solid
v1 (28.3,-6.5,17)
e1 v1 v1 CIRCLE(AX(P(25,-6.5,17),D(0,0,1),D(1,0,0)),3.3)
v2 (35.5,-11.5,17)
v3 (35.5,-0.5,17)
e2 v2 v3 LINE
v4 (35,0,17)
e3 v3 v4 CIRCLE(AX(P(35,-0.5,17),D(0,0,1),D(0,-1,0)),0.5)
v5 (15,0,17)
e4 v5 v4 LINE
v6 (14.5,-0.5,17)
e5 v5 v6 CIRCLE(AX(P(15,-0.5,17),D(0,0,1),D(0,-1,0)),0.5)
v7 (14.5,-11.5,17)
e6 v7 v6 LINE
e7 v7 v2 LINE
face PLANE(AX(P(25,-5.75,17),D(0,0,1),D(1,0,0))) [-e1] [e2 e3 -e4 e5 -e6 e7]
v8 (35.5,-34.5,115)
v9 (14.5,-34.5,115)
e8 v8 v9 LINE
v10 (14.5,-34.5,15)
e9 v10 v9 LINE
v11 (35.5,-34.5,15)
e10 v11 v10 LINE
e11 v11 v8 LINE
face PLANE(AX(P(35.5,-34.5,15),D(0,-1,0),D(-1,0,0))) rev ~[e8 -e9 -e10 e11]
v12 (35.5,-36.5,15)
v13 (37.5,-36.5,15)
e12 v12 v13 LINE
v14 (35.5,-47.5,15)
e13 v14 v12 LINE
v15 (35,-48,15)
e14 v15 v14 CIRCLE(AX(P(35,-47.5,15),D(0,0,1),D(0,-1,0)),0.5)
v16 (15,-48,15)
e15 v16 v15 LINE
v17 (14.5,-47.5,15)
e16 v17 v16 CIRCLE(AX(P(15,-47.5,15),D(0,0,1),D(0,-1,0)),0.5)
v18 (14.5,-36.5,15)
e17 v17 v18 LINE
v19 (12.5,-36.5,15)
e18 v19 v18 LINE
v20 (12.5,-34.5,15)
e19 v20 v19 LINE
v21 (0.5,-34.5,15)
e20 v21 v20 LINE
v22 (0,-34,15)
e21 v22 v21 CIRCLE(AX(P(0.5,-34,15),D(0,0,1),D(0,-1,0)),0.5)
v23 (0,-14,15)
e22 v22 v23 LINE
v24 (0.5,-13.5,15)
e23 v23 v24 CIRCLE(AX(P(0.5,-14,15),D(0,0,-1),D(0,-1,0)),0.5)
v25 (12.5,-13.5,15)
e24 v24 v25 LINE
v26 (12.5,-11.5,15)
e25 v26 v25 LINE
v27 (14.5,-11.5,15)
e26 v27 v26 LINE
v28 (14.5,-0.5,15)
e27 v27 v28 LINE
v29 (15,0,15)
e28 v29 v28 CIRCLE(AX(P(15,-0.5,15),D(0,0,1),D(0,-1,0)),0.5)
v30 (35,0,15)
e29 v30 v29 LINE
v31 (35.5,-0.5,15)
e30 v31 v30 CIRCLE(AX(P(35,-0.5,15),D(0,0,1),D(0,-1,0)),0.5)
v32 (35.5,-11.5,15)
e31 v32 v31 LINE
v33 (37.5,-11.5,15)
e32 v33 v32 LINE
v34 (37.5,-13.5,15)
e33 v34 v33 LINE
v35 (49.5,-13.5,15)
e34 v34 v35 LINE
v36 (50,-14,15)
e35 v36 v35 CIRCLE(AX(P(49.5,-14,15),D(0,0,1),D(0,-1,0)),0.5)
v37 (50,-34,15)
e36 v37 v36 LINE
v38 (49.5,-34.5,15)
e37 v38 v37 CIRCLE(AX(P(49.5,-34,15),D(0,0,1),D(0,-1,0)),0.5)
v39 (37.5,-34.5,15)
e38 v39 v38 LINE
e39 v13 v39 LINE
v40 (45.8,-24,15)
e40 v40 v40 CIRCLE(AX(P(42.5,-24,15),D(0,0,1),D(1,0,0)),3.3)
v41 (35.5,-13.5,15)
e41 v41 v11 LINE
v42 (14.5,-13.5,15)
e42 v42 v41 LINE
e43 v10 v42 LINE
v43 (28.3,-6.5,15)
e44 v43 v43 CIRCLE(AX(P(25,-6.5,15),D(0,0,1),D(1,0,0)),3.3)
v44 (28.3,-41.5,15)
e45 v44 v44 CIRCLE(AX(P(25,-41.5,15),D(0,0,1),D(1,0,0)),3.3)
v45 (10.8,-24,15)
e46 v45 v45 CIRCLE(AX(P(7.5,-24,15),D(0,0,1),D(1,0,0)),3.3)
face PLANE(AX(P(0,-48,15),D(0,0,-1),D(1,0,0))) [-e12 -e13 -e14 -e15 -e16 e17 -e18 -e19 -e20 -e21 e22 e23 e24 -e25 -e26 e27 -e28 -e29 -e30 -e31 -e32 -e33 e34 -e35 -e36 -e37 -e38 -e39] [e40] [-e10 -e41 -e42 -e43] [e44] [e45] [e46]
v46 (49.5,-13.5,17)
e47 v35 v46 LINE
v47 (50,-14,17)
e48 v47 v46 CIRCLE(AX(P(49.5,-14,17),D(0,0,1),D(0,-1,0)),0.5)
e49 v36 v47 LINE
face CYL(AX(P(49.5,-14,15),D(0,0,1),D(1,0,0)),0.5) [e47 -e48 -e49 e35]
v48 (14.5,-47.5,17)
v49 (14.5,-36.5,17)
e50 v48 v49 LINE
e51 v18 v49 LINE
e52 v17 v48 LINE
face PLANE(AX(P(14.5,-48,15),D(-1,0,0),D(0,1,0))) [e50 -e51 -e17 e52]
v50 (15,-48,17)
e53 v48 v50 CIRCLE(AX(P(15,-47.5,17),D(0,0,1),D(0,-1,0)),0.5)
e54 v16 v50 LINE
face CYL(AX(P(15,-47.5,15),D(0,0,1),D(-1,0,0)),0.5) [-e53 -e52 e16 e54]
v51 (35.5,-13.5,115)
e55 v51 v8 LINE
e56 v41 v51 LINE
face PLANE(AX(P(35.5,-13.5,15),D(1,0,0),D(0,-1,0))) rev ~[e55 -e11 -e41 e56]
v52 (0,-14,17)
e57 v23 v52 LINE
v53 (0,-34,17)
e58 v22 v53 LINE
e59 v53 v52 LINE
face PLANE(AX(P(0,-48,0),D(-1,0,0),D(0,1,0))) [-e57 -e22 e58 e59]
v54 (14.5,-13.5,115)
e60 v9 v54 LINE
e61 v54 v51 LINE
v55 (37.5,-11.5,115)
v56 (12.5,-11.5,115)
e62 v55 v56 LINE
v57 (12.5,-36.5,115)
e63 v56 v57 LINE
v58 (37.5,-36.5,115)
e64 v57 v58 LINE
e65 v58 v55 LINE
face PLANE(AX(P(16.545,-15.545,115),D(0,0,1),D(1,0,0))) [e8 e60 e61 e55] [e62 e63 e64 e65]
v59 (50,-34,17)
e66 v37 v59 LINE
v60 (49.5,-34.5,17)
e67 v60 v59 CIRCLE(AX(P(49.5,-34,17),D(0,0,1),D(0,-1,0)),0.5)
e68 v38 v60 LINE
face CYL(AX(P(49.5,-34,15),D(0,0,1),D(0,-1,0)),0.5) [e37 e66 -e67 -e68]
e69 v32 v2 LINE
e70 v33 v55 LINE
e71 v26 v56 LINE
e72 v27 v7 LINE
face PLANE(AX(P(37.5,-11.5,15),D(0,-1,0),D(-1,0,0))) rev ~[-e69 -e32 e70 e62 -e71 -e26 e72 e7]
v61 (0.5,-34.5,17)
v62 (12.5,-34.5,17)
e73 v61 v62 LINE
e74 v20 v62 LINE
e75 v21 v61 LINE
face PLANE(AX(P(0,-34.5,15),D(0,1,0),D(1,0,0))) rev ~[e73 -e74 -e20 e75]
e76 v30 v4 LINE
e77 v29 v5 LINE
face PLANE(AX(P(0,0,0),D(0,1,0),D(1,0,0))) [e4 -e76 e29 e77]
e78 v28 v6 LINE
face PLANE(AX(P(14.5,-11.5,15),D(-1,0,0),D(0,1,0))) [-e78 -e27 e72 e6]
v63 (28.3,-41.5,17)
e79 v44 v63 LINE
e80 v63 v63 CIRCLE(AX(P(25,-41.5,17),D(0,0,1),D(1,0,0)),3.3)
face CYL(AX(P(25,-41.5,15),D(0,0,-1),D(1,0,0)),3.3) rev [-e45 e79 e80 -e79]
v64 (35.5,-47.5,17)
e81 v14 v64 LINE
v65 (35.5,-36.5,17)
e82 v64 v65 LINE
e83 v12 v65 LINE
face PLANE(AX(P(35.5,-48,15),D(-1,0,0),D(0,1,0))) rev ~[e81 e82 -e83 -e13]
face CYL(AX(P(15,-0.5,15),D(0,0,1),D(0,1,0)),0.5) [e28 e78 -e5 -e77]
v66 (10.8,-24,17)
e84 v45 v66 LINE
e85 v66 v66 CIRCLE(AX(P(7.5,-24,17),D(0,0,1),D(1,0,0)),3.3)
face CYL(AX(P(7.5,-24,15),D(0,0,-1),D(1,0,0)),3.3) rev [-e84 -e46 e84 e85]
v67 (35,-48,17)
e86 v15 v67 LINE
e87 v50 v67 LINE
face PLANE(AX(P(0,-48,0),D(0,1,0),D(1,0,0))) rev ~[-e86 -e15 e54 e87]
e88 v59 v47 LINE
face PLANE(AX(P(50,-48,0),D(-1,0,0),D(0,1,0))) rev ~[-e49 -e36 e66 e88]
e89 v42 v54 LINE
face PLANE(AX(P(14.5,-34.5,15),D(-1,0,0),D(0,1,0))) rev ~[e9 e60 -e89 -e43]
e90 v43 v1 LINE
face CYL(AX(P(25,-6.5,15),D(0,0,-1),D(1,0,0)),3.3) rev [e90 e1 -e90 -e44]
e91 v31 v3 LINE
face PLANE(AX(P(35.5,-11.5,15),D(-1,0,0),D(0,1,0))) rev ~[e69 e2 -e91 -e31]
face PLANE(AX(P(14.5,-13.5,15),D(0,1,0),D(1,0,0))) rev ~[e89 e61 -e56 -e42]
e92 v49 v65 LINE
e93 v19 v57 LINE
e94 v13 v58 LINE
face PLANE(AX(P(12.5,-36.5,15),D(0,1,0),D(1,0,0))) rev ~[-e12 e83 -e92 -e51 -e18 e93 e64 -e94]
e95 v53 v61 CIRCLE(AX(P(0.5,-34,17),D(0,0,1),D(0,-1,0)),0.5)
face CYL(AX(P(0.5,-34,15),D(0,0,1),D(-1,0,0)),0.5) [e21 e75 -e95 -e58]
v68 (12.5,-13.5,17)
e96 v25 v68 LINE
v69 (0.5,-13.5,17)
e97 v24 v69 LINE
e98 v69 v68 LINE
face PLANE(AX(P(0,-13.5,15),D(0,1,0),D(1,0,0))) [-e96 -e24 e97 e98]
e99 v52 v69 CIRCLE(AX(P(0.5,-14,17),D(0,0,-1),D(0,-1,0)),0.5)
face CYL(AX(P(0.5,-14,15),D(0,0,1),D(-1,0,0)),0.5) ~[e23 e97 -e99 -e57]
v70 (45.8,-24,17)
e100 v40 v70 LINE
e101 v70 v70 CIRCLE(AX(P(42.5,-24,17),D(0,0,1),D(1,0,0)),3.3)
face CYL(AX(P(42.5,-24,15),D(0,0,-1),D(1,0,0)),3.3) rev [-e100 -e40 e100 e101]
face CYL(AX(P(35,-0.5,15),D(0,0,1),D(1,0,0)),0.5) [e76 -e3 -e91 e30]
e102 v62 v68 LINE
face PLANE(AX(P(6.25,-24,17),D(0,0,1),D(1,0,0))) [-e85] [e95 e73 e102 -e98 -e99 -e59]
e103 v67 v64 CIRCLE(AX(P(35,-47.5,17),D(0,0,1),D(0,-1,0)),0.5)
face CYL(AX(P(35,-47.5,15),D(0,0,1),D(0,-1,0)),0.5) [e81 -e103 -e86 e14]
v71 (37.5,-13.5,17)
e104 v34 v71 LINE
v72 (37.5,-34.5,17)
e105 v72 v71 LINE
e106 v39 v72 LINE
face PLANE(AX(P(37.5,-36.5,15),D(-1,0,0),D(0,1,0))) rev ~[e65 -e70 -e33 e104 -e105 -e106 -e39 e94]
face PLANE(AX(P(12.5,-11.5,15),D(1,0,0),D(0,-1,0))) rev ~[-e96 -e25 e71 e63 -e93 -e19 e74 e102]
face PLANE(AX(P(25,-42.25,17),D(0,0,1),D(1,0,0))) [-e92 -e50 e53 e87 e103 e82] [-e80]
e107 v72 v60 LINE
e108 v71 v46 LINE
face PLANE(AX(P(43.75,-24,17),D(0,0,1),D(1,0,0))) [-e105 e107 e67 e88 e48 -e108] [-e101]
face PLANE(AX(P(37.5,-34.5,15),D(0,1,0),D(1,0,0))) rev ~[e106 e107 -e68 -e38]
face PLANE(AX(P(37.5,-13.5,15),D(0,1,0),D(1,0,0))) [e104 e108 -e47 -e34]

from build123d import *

# Parameters (mm, degrees)
SKETCH_1_W                  = 50
SKETCH_1_H                  = 48
EXTRUDE_1_DEPTH             = 15
HOLE_WIZARD_M5_1_AT_2_COUNT = 2
HOLE_WIZARD_M5_1_AT_2_PITCH = 35
HOLE_WIZARD_M5_1_AT_3_COUNT = 2
HOLE_WIZARD_M5_1_AT_3_PITCH = 49.497474683
HOLE_WIZARD_M5_1_AT_4_COUNT = 2
HOLE_WIZARD_M5_1_AT_4_PITCH = 35
FILLET_1_R                  = 1
SKETCH_11_W                 = 25
SKETCH_11_H                 = 25
SKETCH_11_W_2               = 21
SKETCH_11_H_2               = 21
EXTRUDE_2_DEPTH             = 100
SKETCH_11_3_W               = 21
SKETCH_11_3_H               = 11.5
SKETCH_11_3_R               = 3.3
SKETCH_11_3_W_2             = 12.5
SKETCH_11_3_H_2             = 21
EXTRUDE_3_DEPTH             = 2
SKETCH_12_W                 = 50
SKETCH_12_H                 = 15
CUT_EXTRUDE_1_DEPTH         = 135.272111773
FILLET_3_R                  = 0.5


with BuildPart() as part:
    # 草图1 → 凸台-拉伸1 (new body)
    with BuildSketch(Plane.XY):
        with Locations((25, -24)):
            Rectangle(SKETCH_1_W, SKETCH_1_H)
    extrude(amount=EXTRUDE_1_DEPTH)

    # 草图4 → M5 六角圆柱头螺钉的柱形沉头孔1 (revolve, cut)
    with BuildSketch(Plane(origin=(7.5, -6.5, 15), x_dir=(0, -1, 0), z_dir=(1, 0, 0))):
        Polygon((0, 0), (0, 15), (2.75, 15), (2.75, 6), (5, 6), (5, 0.025), (5.025, 0), align=None)
    hole_wizard_m5_1 = revolve(axis=Axis((7.5, -6.5, 21.35), (0, 0, -1)), mode=Mode.SUBTRACT)

    # M5 六角圆柱头螺钉的柱形沉头孔1 at 2: M5 六角圆柱头螺钉的柱形沉头孔1 ×2
    with Locations(*[(i * HOLE_WIZARD_M5_1_AT_2_PITCH, 0, 0) for i in range(1, HOLE_WIZARD_M5_1_AT_2_COUNT)]):
        add(hole_wizard_m5_1, mode=Mode.SUBTRACT)

    # M5 六角圆柱头螺钉的柱形沉头孔1 at 3: M5 六角圆柱头螺钉的柱形沉头孔1 ×2
    with Locations(*[Vector(0.7071067811865476, -0.7071067811865476, 0) * (i * HOLE_WIZARD_M5_1_AT_3_PITCH) for i in range(1, HOLE_WIZARD_M5_1_AT_3_COUNT)]):
        add(hole_wizard_m5_1, mode=Mode.SUBTRACT)

    # M5 六角圆柱头螺钉的柱形沉头孔1 at 4: M5 六角圆柱头螺钉的柱形沉头孔1 ×2
    with Locations(*[(0, -i * HOLE_WIZARD_M5_1_AT_4_PITCH, 0) for i in range(1, HOLE_WIZARD_M5_1_AT_4_COUNT)]):
        add(hole_wizard_m5_1, mode=Mode.SUBTRACT)

    # 圆角1
    fillet_1_edges = [part.edges().sort_by_distance(p)[0] for p in [
        (50, -48, 7.5),
        (0, -48, 7.5),
        (0, 0, 7.5),
        (50, 0, 7.5),
    ]]
    fillet(fillet_1_edges, radius=FILLET_1_R)

    # 草图10 → M8 六角圆柱头螺钉的柱形沉头孔1 (revolve, cut)
    with BuildSketch(Plane(origin=(25, -24, 0), x_dir=(0, 1, 0), z_dir=(1, 0, 0))):
        Polygon((0, 0), (0, 15), (4.5, 15), (4.5, 10), (7.5, 10), (7.5, 0.025), (7.525, 0), align=None)
    revolve(axis=Axis((25, -24, -6.35), (0, 0, 1)), mode=Mode.SUBTRACT)

    # 草图11 → 凸台-拉伸2 (add)
    with BuildSketch(Plane.XY.offset(15)):
        with Locations((25, -24)):
            Rectangle(SKETCH_11_W, SKETCH_11_H)
        with Locations((25, -24)):
            Rectangle(SKETCH_11_W_2, SKETCH_11_H_2, mode=Mode.SUBTRACT)
    extrude(amount=EXTRUDE_2_DEPTH)

    # 草图11<3> → 凸台-拉伸3 (add)
    # profile 1 of 4: a face of its own
    with BuildSketch(Plane.XY.offset(15)):
        with Locations((25, -5.75)):
            Rectangle(SKETCH_11_3_W, SKETCH_11_3_H)
        with Locations((25, -6.5)):
            Circle(SKETCH_11_3_R, mode=Mode.SUBTRACT)
    # profile 2 of 4: a face of its own
    with BuildSketch(Plane.XY.offset(15)):
        with Locations((6.25, -24)):
            Rectangle(SKETCH_11_3_W_2, SKETCH_11_3_H_2)
        with Locations((7.5, -24)):
            Circle(SKETCH_11_3_R, mode=Mode.SUBTRACT)
    # profile 3 of 4: a face of its own
    with BuildSketch(Plane.XY.offset(15)):
        with Locations((25, -42.25)):
            Rectangle(SKETCH_11_3_W, SKETCH_11_3_H)
        with Locations((25, -41.5)):
            Circle(SKETCH_11_3_R, mode=Mode.SUBTRACT)
    # profile 4 of 4: a face of its own
    with BuildSketch(Plane.XY.offset(15)):
        with Locations((43.75, -24)):
            Rectangle(SKETCH_11_3_W_2, SKETCH_11_3_H_2)
        with Locations((42.5, -24)):
            Circle(SKETCH_11_3_R, mode=Mode.SUBTRACT)
    extrude(amount=EXTRUDE_3_DEPTH)

    # 草图12 → 切除-拉伸1 (cut, through all)
    with BuildSketch(Plane.XZ.offset(48)):
        with Locations((25, 7.5)):
            Rectangle(SKETCH_12_W, SKETCH_12_H)
    extrude(amount=-CUT_EXTRUDE_1_DEPTH, mode=Mode.SUBTRACT)

    # 圆角3
    fillet_3_edges = [part.edges().sort_by_distance(p)[0] for p in [
        (14.5, 0, 16),
        (0, -13.5, 16),
        (35.5, 0, 16),
        (50, -34.5, 16),
        (50, -13.5, 16),
        (35.5, -48, 16),
        (0, -34.5, 16),
        (14.5, -48, 16),
    ]]
    fillet(fillet_3_edges, radius=FILLET_3_R)


solid = part.part
